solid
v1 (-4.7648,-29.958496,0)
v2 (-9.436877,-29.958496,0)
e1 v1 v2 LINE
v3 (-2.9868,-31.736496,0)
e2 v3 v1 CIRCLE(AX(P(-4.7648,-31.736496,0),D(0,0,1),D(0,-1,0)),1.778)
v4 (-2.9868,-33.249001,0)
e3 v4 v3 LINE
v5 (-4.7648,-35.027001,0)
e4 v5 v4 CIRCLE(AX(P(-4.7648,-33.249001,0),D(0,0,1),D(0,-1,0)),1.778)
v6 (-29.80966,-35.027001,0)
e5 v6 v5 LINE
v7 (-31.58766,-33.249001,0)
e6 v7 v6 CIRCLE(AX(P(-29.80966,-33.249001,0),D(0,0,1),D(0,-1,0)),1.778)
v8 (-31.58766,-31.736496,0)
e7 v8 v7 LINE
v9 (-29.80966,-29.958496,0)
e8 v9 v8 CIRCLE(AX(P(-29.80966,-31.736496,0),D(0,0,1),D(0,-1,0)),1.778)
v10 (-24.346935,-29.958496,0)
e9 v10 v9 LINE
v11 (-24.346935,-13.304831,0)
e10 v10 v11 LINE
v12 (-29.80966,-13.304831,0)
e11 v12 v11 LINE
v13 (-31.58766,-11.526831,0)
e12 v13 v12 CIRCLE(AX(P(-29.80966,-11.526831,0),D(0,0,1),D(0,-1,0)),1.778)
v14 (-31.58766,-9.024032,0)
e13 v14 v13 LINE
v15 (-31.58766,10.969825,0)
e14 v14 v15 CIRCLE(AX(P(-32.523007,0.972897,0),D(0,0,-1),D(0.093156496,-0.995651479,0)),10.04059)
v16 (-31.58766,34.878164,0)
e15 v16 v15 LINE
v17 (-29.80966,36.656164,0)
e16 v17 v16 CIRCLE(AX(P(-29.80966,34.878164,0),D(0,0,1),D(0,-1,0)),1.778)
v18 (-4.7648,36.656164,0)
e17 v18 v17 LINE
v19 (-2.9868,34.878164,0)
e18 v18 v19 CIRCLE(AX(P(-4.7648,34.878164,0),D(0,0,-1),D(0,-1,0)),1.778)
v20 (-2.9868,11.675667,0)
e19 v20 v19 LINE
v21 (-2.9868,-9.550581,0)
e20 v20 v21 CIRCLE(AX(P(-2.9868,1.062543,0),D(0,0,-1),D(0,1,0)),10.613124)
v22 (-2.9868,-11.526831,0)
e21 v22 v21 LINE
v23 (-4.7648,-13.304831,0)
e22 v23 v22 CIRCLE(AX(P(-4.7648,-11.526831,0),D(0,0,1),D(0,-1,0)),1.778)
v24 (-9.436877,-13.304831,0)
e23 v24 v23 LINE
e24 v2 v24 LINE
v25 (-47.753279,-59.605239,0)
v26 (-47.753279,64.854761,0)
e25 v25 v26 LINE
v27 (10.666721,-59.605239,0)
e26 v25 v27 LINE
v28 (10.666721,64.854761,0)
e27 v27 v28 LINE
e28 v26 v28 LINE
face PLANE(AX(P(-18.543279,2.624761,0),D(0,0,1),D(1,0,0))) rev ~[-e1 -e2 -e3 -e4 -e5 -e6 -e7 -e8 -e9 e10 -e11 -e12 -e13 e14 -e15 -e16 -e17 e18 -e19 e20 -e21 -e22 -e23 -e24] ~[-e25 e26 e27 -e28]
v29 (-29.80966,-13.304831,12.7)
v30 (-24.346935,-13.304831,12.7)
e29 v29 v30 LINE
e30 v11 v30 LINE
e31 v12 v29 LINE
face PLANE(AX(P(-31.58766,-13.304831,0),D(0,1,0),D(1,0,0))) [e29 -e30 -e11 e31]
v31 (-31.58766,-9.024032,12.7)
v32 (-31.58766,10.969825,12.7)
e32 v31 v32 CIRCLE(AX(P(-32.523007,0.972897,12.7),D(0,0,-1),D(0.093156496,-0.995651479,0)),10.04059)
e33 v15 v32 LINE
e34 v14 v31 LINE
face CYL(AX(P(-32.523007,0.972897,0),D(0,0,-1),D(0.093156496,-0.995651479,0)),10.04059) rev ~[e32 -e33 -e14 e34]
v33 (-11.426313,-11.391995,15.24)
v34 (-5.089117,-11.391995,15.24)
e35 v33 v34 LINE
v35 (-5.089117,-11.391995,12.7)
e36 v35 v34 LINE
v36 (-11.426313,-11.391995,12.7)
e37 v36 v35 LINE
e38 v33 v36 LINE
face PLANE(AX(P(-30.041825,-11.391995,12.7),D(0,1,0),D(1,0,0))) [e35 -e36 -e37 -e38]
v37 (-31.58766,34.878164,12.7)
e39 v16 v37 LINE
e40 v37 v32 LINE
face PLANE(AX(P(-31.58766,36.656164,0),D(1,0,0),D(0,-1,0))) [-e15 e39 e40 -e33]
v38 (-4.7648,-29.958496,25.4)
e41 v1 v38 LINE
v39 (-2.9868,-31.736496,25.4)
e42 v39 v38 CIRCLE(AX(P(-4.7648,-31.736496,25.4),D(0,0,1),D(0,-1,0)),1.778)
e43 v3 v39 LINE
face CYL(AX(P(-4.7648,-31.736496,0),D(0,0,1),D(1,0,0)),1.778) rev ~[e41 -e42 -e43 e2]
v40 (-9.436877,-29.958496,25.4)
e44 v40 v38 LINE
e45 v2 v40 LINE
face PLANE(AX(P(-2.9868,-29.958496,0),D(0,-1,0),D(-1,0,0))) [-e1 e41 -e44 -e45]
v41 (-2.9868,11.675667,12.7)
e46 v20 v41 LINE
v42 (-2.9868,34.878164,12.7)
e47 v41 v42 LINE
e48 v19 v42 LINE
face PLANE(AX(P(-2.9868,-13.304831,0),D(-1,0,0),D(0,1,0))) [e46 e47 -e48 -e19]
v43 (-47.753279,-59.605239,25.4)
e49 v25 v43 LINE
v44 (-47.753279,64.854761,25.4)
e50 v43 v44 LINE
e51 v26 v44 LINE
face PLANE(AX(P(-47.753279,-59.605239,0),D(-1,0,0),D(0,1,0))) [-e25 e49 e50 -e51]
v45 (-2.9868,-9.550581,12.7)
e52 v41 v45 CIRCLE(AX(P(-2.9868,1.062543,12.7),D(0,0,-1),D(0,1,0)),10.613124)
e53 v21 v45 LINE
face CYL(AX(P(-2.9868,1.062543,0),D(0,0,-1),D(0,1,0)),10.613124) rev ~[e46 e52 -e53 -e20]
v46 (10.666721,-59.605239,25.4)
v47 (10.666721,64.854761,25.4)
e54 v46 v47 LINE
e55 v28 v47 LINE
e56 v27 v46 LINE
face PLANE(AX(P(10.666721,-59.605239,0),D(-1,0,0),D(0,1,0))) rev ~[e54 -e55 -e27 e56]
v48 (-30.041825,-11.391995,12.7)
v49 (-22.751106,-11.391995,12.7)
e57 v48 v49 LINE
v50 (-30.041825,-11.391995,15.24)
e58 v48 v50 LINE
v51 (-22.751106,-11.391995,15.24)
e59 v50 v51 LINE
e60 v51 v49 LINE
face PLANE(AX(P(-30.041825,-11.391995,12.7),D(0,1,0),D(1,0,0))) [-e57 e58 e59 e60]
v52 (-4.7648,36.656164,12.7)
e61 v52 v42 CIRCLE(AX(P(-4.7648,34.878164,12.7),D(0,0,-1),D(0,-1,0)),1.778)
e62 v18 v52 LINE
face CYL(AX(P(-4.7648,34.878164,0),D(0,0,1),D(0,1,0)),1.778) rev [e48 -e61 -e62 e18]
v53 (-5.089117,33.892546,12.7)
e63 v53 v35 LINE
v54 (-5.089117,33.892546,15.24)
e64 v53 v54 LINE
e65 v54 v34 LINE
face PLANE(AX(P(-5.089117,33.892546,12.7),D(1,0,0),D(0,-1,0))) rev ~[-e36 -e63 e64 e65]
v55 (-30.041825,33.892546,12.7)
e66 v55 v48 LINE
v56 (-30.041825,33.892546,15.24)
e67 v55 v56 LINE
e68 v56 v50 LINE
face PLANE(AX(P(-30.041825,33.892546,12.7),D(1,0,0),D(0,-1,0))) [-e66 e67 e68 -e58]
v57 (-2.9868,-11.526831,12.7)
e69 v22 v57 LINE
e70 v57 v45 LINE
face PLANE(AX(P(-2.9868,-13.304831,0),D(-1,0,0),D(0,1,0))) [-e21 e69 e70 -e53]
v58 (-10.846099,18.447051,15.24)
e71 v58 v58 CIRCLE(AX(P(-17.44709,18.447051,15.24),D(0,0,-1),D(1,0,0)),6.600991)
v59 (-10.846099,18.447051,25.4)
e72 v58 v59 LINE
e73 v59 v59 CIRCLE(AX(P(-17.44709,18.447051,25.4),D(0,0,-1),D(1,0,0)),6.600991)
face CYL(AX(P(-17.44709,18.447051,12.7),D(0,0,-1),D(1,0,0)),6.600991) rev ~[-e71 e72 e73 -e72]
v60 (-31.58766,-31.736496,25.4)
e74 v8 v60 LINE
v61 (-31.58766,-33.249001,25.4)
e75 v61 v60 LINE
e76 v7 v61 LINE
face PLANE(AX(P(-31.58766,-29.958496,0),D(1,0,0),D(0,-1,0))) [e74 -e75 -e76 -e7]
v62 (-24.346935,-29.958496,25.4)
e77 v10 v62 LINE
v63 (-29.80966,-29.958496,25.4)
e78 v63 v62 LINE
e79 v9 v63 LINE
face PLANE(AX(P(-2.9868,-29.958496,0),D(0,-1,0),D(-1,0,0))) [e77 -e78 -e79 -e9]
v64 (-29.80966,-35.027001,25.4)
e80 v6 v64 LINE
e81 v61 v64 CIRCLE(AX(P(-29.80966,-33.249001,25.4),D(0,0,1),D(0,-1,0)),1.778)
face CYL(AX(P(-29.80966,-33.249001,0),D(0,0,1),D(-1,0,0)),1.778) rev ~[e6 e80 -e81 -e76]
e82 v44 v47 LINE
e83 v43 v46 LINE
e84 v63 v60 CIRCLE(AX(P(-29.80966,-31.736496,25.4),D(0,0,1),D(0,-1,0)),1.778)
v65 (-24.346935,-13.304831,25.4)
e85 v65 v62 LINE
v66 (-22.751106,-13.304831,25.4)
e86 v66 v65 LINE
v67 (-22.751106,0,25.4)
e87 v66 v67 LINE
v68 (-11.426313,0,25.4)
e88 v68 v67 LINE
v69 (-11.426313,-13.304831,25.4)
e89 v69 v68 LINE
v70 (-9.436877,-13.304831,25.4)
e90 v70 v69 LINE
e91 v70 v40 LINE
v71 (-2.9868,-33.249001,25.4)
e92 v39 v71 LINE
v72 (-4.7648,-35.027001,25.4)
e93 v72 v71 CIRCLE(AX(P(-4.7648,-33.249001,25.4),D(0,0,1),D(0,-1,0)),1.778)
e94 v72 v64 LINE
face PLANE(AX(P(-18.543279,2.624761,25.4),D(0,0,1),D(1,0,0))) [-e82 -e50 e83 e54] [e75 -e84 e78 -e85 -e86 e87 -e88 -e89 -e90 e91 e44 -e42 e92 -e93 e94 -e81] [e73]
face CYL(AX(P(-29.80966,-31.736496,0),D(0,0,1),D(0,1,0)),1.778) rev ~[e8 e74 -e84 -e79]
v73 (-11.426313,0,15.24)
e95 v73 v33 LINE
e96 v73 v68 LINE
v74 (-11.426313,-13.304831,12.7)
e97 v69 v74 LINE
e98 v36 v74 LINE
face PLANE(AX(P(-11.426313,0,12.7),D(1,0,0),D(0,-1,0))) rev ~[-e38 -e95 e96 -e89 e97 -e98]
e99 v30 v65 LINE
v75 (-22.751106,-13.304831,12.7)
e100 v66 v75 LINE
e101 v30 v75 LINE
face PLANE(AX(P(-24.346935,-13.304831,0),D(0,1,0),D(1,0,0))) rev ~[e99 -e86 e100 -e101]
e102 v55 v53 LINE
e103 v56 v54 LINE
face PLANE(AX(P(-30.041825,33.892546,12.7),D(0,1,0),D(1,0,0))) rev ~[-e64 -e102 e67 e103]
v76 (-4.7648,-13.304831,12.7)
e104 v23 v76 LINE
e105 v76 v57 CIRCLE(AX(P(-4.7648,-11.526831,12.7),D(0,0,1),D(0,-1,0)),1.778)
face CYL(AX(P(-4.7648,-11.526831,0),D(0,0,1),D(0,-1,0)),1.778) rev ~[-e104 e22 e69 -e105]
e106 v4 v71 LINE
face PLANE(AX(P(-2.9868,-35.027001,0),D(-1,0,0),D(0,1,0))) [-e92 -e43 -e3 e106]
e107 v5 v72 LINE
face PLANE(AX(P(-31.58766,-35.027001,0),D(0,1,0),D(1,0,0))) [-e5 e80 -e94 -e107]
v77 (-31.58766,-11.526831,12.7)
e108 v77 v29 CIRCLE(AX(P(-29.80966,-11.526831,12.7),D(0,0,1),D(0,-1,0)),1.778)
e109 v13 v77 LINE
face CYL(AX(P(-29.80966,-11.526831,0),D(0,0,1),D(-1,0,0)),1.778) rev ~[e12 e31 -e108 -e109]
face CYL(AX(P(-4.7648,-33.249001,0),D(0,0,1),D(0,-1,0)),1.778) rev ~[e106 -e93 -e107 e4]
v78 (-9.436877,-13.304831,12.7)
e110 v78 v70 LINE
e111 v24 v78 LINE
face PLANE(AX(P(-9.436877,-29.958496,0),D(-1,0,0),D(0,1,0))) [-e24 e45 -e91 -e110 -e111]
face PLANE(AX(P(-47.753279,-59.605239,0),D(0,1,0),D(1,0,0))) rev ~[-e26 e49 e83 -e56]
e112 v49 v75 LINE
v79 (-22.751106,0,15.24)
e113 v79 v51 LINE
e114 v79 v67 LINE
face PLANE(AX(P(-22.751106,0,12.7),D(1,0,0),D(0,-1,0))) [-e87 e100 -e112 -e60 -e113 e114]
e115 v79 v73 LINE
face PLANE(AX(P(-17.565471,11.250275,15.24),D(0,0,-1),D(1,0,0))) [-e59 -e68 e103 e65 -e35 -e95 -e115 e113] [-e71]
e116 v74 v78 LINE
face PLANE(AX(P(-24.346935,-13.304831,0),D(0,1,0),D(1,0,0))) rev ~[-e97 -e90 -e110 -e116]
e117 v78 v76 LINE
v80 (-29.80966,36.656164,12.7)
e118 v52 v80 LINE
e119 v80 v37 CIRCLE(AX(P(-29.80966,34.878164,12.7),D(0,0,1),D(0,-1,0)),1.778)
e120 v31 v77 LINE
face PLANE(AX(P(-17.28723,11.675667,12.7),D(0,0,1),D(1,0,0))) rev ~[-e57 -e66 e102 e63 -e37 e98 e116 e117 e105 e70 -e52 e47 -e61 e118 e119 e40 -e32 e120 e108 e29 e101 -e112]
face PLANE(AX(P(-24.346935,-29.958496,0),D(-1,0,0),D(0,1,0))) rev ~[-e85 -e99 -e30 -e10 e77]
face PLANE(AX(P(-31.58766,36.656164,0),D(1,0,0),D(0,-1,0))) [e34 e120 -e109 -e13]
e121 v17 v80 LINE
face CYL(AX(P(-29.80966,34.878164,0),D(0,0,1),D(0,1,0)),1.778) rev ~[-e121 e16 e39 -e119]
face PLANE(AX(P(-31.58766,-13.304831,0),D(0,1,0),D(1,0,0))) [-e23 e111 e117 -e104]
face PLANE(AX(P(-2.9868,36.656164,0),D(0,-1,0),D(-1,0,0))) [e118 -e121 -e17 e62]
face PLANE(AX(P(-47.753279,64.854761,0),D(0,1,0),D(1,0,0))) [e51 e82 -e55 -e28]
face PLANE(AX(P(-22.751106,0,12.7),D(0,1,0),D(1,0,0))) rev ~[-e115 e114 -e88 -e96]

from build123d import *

# Parameters (mm, degrees)
F0_W      = 58.42
F0_H      = 124.46
F1_DEPTH  = 25.4
F3_DEPTH  = 12.7
F2_W      = 14.9100571871
F2_H      = 16.6536653414
F4_DEPTH  = 25.401
F5_DEPTH  = 25.401
F6_R      = 1.778
F8_DEPTH  = 12.7
F9_R      = 6.600990786
F10_DEPTH = 12.701
F12_W     = 24.9527078122
F12_H     = 45.2845413238
F13_DEPTH = 2.54
F14_W     = 11.3247931004
F14_H     = 17.1568840742
F15_DEPTH = 12.701


with BuildPart() as f1:
    # F0 (on Top) → F1 (new body)
    with BuildSketch(Plane.XY):
        with Locations((-18.5432793882, 2.6247613132)):
            Rectangle(F0_W, F0_H)
    extrude(amount=F1_DEPTH)

    # F2 (on Top) → F3 (cut)
    with BuildSketch(Plane.XY):
        Polygon((-2.9867999256, 36.6561636329), (-31.5876603127, 36.6561636329), (-31.5876603127, -13.3048305288), (-24.3469346315, -13.3048305288), (-9.4368774444, -13.3048305288), (-2.9867999256, -13.3048305288), align=None)
    extrude(amount=F3_DEPTH, mode=Mode.SUBTRACT)

    # F2 (on Top) → F4 (cut, through all)
    with BuildSketch(Plane.XY):
        with Locations((-16.8919060379, -21.6316631995)):
            Rectangle(F2_W, F2_H)
    extrude(amount=F4_DEPTH, mode=Mode.SUBTRACT)

    # F2 (on Top) → F5 (cut, through all)
    with BuildSketch(Plane.XY):
        Polygon((-9.4368774444, -29.9584958702), (-24.3469346315, -29.9584958702), (-31.5876603127, -29.9584958702), (-31.5876603127, -35.0270010531), (-2.9867999256, -35.0270010531), (-2.9867999256, -29.9584958702), align=None)
    extrude(amount=F5_DEPTH, mode=Mode.SUBTRACT)

    # F6
    f6_edges = [f1.edges().sort_by_distance(p)[0] for p in [
        (-2.9868, -35.027001, 12.7),
        (-2.9868, -13.304831, 6.35),
        (-2.9868, -29.958496, 12.7),
        (-2.9868, 36.656164, 6.35),
        (-31.58766, 36.656164, 6.35),
        (-31.58766, -13.304831, 6.35),
        (-31.58766, -29.958496, 12.7),
        (-31.58766, -35.027001, 12.7),
    ]]
    fillet(f6_edges, radius=F6_R)

    # F7 (on face) → F8 (cut)
    with BuildSketch(Plane(origin=(0, 0, 0), x_dir=(1, 0, 0), z_dir=(0, 0, -1))):
        with BuildLine():
            Line((-31.5876603127, -10.9698253981), (-31.5876603127, 9.0240317161))
            ThreePointArc((-31.5876603127, 9.0240317161), (-42.5635968021, -0.972896841), (-31.5876603127, -10.9698253981))
        make_face()
        with BuildLine():
            Line((-2.9867999256, 9.5505814534), (-2.9867999256, -11.675666552))
            ThreePointArc((-2.9867999256, -11.675666552), (7.6263240771, -1.0625425493), (-2.9867999256, 9.5505814534))
        make_face()
    extrude(amount=-F8_DEPTH, mode=Mode.SUBTRACT)

    # F9 (on face) → F10 (cut, through all)
    with BuildSketch(Plane(origin=(0, 0, 12.7), x_dir=(1, 0, 0), z_dir=(0, 0, -1))):
        with Locations((-17.4470897764, -18.4470508248)):
            Circle(F9_R)
    extrude(amount=-F10_DEPTH, mode=Mode.SUBTRACT)

    # F12 (on face) → F13 (cut)
    with BuildSketch(Plane(origin=(0, 0, 12.7), x_dir=(1, 0, 0), z_dir=(0, 0, -1))):
        with Locations((-17.5654711202, -11.2502751872)):
            Rectangle(F12_W, F12_H)
    extrude(amount=-F13_DEPTH, mode=Mode.SUBTRACT)

    # F14 (on face) → F15 (cut, through all)
    with BuildSketch(Plane(origin=(0, 0, 12.7), x_dir=(1, 0, 0), z_dir=(0, 0, -1))):
        with Locations((-17.0887093991, 8.5784420371)):
            Rectangle(F14_W, F14_H)
    extrude(amount=-F15_DEPTH, mode=Mode.SUBTRACT)


solid = f1.part
